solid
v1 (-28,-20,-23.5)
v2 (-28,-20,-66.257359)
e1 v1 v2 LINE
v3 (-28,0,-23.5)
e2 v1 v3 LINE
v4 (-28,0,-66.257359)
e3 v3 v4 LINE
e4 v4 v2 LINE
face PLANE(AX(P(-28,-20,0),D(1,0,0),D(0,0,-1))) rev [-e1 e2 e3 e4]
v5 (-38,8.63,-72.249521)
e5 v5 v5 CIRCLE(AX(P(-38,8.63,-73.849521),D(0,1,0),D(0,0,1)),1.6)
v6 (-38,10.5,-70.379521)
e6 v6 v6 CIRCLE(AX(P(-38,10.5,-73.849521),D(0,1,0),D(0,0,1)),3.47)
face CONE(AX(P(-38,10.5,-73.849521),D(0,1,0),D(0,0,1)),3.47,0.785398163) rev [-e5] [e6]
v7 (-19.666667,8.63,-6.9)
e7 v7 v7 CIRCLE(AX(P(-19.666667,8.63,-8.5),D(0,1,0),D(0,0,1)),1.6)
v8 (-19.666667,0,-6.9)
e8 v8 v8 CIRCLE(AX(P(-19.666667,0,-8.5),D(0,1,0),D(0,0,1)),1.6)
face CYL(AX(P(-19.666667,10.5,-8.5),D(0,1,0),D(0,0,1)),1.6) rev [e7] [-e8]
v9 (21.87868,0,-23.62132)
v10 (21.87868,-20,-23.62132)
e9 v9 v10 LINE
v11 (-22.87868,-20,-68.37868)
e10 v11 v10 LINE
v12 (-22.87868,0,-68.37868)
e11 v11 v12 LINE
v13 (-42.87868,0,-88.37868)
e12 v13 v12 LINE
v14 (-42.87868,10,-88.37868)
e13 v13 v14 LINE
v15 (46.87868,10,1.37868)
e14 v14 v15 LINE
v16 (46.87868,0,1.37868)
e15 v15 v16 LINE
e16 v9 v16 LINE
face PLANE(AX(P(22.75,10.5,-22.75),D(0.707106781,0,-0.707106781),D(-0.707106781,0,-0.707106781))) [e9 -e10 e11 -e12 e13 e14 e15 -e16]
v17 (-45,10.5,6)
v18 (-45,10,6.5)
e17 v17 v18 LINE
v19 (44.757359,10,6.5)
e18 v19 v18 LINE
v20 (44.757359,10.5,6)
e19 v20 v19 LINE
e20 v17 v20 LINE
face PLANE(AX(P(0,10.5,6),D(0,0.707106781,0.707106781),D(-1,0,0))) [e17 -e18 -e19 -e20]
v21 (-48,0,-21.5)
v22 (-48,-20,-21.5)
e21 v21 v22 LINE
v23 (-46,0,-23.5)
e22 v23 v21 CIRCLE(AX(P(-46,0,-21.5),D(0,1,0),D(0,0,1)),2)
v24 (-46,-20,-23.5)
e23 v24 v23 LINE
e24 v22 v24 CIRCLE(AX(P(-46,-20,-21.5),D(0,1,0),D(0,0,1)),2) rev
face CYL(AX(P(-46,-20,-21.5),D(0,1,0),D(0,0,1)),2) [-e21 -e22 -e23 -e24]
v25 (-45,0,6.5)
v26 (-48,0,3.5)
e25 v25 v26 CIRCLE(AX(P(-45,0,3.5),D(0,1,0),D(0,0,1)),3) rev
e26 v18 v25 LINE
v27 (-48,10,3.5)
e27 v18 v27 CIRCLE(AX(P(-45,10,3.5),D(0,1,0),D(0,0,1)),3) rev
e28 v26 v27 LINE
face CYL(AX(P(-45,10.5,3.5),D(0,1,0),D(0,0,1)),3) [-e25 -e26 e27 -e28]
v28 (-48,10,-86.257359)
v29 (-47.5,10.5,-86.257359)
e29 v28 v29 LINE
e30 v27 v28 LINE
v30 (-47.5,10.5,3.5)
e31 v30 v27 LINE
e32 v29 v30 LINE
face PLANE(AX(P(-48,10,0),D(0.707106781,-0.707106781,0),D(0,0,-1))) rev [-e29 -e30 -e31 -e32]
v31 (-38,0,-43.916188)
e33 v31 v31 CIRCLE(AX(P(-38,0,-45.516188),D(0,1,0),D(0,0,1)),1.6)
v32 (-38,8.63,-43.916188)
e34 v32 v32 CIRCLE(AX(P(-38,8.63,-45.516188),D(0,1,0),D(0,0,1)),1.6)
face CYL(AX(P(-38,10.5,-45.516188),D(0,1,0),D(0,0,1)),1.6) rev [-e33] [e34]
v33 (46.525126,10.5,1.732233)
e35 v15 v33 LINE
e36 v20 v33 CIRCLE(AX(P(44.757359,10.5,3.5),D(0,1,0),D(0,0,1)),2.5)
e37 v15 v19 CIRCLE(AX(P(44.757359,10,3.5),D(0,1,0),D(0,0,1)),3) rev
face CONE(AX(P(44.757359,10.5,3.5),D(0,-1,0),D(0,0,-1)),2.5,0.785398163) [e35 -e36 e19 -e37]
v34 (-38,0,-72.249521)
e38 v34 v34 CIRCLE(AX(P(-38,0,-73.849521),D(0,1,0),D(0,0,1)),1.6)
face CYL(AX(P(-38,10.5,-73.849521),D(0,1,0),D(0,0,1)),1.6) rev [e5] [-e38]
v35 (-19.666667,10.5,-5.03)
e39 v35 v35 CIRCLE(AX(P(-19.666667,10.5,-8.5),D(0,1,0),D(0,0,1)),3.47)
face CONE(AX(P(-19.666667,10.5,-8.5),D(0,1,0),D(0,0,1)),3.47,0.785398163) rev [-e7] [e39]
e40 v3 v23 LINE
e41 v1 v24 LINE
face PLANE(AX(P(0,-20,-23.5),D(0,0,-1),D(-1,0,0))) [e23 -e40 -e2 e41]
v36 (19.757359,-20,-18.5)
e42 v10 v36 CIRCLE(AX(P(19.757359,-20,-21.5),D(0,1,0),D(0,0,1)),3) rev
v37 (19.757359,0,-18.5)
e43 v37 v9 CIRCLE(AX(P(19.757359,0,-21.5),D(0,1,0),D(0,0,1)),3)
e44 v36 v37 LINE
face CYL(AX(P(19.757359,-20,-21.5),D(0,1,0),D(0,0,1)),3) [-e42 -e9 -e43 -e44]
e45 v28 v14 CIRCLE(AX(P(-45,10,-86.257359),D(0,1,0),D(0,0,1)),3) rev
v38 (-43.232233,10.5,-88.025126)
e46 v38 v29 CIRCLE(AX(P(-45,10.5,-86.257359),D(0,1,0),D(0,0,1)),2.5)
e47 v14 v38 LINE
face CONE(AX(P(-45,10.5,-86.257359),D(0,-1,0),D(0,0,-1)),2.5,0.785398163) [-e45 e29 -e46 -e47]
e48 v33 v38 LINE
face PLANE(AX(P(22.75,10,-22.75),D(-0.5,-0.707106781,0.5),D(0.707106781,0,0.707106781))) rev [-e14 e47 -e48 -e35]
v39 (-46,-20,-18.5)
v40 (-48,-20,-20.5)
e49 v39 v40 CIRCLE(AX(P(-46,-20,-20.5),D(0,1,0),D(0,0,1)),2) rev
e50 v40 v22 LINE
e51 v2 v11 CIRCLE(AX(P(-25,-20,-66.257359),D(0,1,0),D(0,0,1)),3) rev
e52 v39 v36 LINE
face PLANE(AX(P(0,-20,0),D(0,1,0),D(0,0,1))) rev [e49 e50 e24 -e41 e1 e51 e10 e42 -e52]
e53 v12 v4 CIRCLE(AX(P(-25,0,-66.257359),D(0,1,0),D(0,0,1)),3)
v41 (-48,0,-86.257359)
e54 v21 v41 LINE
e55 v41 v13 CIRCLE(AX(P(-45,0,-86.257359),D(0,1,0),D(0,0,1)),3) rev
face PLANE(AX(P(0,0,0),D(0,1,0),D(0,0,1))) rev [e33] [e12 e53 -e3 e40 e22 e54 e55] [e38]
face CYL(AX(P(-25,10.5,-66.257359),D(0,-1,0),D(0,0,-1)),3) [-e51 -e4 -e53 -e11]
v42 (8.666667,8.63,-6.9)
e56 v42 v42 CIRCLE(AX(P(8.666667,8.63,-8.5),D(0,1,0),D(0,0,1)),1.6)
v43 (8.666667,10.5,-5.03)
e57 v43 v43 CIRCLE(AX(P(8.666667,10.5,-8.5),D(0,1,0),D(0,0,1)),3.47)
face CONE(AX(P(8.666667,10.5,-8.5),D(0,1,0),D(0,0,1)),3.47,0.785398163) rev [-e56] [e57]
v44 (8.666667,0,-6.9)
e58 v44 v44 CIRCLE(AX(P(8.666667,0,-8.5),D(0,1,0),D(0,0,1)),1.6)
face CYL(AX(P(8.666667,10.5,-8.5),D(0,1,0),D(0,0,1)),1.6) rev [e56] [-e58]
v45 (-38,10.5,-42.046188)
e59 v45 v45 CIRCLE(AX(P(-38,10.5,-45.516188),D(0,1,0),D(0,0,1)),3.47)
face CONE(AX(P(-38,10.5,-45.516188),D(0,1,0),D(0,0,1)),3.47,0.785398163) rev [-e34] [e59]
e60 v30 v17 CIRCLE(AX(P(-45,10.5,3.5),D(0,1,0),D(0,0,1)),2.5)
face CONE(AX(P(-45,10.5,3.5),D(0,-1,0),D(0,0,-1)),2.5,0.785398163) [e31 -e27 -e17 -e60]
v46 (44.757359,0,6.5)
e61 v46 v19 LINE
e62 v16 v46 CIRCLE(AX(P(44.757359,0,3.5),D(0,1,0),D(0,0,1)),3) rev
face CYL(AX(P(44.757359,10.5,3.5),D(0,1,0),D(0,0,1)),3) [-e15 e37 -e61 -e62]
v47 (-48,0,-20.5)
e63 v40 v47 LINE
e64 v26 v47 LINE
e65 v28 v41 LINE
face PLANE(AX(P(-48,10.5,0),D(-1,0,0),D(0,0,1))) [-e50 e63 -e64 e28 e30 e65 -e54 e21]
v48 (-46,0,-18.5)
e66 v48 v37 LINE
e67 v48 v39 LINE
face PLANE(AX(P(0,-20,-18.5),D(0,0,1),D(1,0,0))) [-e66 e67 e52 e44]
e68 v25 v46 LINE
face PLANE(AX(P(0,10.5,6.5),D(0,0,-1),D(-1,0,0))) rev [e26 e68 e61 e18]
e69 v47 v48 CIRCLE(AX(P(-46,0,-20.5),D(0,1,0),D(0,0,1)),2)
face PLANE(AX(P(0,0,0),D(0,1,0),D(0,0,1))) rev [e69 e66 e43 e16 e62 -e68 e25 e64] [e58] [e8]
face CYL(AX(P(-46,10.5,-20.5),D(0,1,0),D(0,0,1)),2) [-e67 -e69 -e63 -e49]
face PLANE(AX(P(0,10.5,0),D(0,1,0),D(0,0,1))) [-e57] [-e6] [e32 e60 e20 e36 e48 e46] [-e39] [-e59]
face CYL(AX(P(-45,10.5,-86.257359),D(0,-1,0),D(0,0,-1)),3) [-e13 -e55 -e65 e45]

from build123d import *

# Parameters (mm, degrees)
SKETCH1_R                                            = 1
MAIN_BODY_DEPTH                                      = 10.5
PROFILE_STOPS_DEPTH                                  = 20
CSK_FOR_M3_HEX_SOCKET_COUNTERSUNK_HEAD_S_D           = 3.2
CSK_FOR_M3_HEX_SOCKET_COUNTERSUNK_HEAD_S_DEPTH       = 30.5
CSK_FOR_M3_HEX_SOCKET_COUNTERSUNK_HEAD_S_CSINK_D     = 6.94
CSK_FOR_M3_HEX_SOCKET_COUNTERSUNK_HEAD_S_CSINK_ANGLE = 90
FILLET1_R                                            = 3
FILLET3_R                                            = 2
CHAMFER1_SIZE                                        = 0.5


with BuildPart() as part:
    # Sketch1 → Main Body (new body)
    with BuildSketch(Plane(origin=(0, 0, 0), x_dir=(1, 0, 0), z_dir=(0, 1, 0))):
        Polygon((-48, -6.5), (52, -6.5), (-48, 93.5), align=None)
        with Locations((-19.666666667, 8.5)):
            Circle(SKETCH1_R, mode=Mode.SUBTRACT)
        with Locations((8.666666667, 8.5)):
            Circle(SKETCH1_R, mode=Mode.SUBTRACT)
        with Locations((-38, 45.516187598)):
            Circle(SKETCH1_R, mode=Mode.SUBTRACT)
        with Locations((-38, 73.849520931)):
            Circle(SKETCH1_R, mode=Mode.SUBTRACT)
    extrude(amount=MAIN_BODY_DEPTH)

    # Sketch1_3 → Profile Stops (add)
    with BuildSketch(Plane(origin=(0, 0, 0), x_dir=(1, 0, 0), z_dir=(0, 1, 0))):
        Polygon((-48, 23.5), (-48, 18.5), (27, 18.5), (-28, 73.5), (-28, 23.5), (-41, 23.5), align=None)
    extrude(amount=-PROFILE_STOPS_DEPTH)

    # CSK for M3 Hex Socket Countersunk Head S
    with Locations(Plane(origin=(-38, 10.5, -73.849520931), x_dir=(0, 0, 1), z_dir=(0, 1, 0))):
        with Locations((0, 0), (28.333333333, 0), (65.349520931, 46.666666667), (65.349520931, 18.333333333)):
            CounterSinkHole(CSK_FOR_M3_HEX_SOCKET_COUNTERSUNK_HEAD_S_D / 2, CSK_FOR_M3_HEX_SOCKET_COUNTERSUNK_HEAD_S_CSINK_D / 2, depth=CSK_FOR_M3_HEX_SOCKET_COUNTERSUNK_HEAD_S_DEPTH, counter_sink_angle=CSK_FOR_M3_HEX_SOCKET_COUNTERSUNK_HEAD_S_CSINK_ANGLE)

    # Fillet1
    fillet1_edges = [part.edges().sort_by_distance(p)[0] for p in [
        (-48, 5.25, 6.5),
        (52, 5.25, 6.5),
        (-28, -10, -73.5),
        (27, -10, -18.5),
        (-48, 5.25, -93.5),
    ]]
    fillet(fillet1_edges, radius=FILLET1_R)

    # Fillet3
    fillet3_edges = [part.edges().sort_by_distance(p)[0] for p in [
        (-48, -10, -23.5),
        (-48, -10, -18.5),
    ]]
    fillet(fillet3_edges, radius=FILLET3_R)

    # Chamfer1
    chamfer1_edges = [part.edges().sort_by_distance(p)[0] for p in [
        (-48, 10.5, -41.378679656),
        (2, 10.5, -43.5),
        (-47.121320344, 10.5, 5.621320344),
        (47.52899791, 10.5, 4.648050297),
        (-0.121320344, 10.5, 6.5),
        (-46.148050297, 10.5, -89.02899791),
    ]]
    chamfer(chamfer1_edges, length=CHAMFER1_SIZE)


solid = part.part
